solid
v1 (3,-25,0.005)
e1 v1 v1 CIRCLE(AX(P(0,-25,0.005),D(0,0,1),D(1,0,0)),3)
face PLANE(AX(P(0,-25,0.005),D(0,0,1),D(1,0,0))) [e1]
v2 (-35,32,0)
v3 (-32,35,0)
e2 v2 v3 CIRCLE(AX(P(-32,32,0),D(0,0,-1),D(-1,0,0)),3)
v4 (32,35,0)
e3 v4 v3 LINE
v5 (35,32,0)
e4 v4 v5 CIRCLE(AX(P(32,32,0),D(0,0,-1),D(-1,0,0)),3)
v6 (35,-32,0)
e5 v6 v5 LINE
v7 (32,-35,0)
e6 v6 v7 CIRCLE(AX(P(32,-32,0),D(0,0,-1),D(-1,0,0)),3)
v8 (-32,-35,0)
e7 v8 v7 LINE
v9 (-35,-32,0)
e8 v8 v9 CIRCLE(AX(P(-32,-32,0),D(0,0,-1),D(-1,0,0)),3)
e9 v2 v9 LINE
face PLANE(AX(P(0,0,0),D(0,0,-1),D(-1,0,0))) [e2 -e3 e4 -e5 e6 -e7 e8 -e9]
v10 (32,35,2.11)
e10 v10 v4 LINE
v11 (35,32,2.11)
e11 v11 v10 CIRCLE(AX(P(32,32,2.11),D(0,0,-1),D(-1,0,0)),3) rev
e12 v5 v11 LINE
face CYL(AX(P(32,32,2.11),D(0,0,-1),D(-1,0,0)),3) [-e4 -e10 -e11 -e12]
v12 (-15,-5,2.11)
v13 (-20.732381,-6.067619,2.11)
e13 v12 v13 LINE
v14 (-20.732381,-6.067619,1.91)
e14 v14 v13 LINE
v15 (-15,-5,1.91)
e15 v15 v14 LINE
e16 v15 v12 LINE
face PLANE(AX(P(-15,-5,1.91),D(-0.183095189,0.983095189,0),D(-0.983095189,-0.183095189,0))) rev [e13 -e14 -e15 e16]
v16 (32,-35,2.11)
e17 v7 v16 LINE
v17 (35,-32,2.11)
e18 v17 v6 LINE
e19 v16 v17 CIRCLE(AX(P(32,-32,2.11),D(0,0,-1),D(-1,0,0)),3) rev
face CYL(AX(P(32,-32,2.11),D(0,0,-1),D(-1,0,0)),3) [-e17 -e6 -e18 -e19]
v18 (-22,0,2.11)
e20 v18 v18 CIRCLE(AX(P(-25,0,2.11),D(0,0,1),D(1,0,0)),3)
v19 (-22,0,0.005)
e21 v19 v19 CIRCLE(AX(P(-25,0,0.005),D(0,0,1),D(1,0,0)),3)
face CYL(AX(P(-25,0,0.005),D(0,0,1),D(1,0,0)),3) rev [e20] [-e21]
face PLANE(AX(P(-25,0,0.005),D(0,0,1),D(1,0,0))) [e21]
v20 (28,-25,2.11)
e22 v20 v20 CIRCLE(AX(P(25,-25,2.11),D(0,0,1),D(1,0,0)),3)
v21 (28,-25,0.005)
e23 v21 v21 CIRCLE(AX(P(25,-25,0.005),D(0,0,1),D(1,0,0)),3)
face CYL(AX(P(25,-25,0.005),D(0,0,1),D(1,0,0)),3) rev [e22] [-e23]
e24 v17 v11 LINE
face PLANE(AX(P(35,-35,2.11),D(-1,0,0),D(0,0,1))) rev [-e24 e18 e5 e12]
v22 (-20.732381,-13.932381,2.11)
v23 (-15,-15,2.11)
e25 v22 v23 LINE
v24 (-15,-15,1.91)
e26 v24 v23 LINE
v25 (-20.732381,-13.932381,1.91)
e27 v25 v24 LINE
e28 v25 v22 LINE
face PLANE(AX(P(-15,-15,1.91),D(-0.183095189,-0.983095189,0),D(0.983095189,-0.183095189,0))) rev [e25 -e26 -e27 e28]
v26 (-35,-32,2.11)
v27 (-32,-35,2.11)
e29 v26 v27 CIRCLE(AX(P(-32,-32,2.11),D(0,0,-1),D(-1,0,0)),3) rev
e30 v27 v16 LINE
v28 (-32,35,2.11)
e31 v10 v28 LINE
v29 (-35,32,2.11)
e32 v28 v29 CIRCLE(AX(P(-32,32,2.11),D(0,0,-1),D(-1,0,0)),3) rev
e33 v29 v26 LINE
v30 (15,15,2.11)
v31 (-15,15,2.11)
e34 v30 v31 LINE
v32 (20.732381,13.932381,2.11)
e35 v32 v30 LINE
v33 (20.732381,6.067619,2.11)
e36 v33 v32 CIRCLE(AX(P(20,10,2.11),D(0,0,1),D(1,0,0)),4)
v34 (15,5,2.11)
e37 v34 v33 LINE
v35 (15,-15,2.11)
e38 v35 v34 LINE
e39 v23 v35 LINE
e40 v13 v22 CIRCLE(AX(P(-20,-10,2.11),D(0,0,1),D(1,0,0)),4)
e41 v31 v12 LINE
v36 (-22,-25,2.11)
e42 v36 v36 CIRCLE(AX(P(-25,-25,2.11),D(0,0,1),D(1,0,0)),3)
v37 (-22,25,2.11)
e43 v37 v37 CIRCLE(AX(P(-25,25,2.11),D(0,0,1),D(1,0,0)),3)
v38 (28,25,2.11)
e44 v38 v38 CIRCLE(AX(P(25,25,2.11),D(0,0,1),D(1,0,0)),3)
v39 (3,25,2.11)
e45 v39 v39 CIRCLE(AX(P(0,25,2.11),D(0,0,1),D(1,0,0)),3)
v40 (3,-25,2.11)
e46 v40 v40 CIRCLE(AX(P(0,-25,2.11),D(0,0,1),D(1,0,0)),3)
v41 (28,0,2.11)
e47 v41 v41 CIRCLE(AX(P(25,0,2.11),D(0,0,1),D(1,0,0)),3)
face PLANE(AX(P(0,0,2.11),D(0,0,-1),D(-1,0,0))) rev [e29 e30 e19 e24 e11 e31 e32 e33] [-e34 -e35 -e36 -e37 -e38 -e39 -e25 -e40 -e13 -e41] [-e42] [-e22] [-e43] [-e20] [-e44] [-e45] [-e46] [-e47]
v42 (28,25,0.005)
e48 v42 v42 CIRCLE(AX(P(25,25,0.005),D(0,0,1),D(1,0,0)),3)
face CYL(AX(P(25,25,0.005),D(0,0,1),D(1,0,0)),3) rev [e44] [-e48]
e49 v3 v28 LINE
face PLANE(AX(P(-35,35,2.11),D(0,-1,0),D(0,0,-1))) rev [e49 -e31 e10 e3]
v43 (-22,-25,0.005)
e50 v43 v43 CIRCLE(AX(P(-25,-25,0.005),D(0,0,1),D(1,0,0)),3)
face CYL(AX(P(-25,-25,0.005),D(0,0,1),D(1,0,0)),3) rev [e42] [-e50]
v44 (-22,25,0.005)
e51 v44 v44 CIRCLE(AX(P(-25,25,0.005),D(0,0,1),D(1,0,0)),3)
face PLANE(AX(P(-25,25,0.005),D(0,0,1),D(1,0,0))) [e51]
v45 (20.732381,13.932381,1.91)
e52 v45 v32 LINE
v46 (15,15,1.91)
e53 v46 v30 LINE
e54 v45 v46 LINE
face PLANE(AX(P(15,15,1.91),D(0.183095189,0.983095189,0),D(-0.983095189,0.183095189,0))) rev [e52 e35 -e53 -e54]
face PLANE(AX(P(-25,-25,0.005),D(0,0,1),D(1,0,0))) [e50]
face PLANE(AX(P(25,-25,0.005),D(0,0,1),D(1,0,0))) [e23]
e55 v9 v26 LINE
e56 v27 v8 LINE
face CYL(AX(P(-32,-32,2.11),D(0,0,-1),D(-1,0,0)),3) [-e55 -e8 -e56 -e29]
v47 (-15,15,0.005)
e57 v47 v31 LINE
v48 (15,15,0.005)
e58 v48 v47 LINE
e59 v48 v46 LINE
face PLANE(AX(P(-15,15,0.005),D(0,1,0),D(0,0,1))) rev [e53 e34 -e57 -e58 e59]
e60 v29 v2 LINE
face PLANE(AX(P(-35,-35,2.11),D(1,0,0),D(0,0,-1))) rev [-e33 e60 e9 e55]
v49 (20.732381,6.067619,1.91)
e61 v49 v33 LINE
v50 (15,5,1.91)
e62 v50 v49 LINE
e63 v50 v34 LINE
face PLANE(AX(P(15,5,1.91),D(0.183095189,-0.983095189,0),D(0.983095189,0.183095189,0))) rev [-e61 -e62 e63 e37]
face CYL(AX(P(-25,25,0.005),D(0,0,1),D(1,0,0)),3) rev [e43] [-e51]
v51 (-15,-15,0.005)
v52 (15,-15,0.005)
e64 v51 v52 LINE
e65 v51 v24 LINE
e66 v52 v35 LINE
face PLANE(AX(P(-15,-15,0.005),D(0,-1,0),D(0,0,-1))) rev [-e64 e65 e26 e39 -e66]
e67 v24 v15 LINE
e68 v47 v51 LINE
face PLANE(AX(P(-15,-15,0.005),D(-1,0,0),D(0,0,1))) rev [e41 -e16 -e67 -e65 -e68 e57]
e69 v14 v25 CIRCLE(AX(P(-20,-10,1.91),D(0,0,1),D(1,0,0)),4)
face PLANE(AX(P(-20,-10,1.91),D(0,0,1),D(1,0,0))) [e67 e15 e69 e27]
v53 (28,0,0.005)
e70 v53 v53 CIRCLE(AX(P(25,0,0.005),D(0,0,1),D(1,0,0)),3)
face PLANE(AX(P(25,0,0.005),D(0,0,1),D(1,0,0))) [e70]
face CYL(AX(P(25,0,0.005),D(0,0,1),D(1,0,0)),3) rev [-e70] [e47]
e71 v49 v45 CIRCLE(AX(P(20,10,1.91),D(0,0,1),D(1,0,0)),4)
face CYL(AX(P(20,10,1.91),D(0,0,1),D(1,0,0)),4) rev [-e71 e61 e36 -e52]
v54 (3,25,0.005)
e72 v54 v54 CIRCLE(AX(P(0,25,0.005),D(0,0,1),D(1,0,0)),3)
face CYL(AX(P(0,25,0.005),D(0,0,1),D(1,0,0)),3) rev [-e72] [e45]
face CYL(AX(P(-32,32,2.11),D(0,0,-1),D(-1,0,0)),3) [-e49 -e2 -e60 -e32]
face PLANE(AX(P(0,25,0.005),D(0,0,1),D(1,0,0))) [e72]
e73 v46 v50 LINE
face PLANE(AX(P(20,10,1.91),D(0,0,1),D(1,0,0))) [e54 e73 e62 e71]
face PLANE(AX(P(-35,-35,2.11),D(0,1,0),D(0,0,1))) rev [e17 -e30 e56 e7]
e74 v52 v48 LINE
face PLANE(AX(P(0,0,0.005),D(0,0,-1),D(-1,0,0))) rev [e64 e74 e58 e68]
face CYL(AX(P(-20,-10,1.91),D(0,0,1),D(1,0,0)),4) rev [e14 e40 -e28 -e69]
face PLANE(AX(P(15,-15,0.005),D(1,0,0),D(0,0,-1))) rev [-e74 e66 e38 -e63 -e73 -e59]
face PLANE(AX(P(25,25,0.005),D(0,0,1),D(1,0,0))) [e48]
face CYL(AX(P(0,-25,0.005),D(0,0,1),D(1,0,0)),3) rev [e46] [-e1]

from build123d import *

# Parameters (mm, degrees)
SKETCH3_W           = 70
SKETCH3_H           = 70
BOSS_EXTRUDE1_DEPTH = 2.11
SKETCH6_R           = 3
SKETCH6_W           = 30
SKETCH6_H           = 30
CUT_EXTRUDE5_DEPTH  = 2.105
CUT_EXTRUDE7_DEPTH  = 0.2
FILLET1_R           = 3


with BuildPart() as part:
    # Sketch3 → Boss-Extrude1 (new body)
    with BuildSketch(Plane.XY):
        Rectangle(SKETCH3_W, SKETCH3_H)
    extrude(amount=BOSS_EXTRUDE1_DEPTH)

    # Sketch6 → Cut-Extrude5 (cut)
    with BuildSketch(Plane.XY.offset(2.11)):
        with Locations((0, 25)):
            Circle(SKETCH6_R)
        with Locations((25, 25)):
            Circle(SKETCH6_R)
        with Locations((25, 0)):
            Circle(SKETCH6_R)
        with Locations((25, -25)):
            Circle(SKETCH6_R)
        with Locations((0, -25)):
            Circle(SKETCH6_R)
        with Locations((-25, -25)):
            Circle(SKETCH6_R)
        with Locations((-25, 0)):
            Circle(SKETCH6_R)
        with Locations((-25, 25)):
            Circle(SKETCH6_R)
        Rectangle(SKETCH6_W, SKETCH6_H)
    extrude(amount=-CUT_EXTRUDE5_DEPTH, mode=Mode.SUBTRACT)

    # Sketch8 → Cut-Extrude7 (cut)
    with BuildSketch(Plane.XY.offset(2.11)):
        with BuildLine():
            Line((15, 5), (15, 15))
            Line((15, 15), (20.732380758, 13.932380758))
            ThreePointArc((20.732380758, 13.932380758), (24, 10), (20.732380758, 6.067619242))
            Line((20.732380758, 6.067619242), (15, 5))
        make_face()
        with BuildLine():
            Line((-15, -15), (-20.732380758, -13.932380758))
            ThreePointArc((-20.732380758, -13.932380758), (-24, -10), (-20.732380758, -6.067619242))
            Line((-20.732380758, -6.067619242), (-15, -5))
            Line((-15, -5), (-15, -15))
        make_face()
    extrude(amount=-CUT_EXTRUDE7_DEPTH, mode=Mode.SUBTRACT)

    # Fillet1
    fillet1_edges = [part.edges().sort_by_distance(p)[0] for p in [
        (35, -35, 1.055),
        (-35, -35, 1.055),
        (-35, 35, 1.055),
        (35, 35, 1.055),
    ]]
    fillet(fillet1_edges, radius=FILLET1_R)


solid = part.part
